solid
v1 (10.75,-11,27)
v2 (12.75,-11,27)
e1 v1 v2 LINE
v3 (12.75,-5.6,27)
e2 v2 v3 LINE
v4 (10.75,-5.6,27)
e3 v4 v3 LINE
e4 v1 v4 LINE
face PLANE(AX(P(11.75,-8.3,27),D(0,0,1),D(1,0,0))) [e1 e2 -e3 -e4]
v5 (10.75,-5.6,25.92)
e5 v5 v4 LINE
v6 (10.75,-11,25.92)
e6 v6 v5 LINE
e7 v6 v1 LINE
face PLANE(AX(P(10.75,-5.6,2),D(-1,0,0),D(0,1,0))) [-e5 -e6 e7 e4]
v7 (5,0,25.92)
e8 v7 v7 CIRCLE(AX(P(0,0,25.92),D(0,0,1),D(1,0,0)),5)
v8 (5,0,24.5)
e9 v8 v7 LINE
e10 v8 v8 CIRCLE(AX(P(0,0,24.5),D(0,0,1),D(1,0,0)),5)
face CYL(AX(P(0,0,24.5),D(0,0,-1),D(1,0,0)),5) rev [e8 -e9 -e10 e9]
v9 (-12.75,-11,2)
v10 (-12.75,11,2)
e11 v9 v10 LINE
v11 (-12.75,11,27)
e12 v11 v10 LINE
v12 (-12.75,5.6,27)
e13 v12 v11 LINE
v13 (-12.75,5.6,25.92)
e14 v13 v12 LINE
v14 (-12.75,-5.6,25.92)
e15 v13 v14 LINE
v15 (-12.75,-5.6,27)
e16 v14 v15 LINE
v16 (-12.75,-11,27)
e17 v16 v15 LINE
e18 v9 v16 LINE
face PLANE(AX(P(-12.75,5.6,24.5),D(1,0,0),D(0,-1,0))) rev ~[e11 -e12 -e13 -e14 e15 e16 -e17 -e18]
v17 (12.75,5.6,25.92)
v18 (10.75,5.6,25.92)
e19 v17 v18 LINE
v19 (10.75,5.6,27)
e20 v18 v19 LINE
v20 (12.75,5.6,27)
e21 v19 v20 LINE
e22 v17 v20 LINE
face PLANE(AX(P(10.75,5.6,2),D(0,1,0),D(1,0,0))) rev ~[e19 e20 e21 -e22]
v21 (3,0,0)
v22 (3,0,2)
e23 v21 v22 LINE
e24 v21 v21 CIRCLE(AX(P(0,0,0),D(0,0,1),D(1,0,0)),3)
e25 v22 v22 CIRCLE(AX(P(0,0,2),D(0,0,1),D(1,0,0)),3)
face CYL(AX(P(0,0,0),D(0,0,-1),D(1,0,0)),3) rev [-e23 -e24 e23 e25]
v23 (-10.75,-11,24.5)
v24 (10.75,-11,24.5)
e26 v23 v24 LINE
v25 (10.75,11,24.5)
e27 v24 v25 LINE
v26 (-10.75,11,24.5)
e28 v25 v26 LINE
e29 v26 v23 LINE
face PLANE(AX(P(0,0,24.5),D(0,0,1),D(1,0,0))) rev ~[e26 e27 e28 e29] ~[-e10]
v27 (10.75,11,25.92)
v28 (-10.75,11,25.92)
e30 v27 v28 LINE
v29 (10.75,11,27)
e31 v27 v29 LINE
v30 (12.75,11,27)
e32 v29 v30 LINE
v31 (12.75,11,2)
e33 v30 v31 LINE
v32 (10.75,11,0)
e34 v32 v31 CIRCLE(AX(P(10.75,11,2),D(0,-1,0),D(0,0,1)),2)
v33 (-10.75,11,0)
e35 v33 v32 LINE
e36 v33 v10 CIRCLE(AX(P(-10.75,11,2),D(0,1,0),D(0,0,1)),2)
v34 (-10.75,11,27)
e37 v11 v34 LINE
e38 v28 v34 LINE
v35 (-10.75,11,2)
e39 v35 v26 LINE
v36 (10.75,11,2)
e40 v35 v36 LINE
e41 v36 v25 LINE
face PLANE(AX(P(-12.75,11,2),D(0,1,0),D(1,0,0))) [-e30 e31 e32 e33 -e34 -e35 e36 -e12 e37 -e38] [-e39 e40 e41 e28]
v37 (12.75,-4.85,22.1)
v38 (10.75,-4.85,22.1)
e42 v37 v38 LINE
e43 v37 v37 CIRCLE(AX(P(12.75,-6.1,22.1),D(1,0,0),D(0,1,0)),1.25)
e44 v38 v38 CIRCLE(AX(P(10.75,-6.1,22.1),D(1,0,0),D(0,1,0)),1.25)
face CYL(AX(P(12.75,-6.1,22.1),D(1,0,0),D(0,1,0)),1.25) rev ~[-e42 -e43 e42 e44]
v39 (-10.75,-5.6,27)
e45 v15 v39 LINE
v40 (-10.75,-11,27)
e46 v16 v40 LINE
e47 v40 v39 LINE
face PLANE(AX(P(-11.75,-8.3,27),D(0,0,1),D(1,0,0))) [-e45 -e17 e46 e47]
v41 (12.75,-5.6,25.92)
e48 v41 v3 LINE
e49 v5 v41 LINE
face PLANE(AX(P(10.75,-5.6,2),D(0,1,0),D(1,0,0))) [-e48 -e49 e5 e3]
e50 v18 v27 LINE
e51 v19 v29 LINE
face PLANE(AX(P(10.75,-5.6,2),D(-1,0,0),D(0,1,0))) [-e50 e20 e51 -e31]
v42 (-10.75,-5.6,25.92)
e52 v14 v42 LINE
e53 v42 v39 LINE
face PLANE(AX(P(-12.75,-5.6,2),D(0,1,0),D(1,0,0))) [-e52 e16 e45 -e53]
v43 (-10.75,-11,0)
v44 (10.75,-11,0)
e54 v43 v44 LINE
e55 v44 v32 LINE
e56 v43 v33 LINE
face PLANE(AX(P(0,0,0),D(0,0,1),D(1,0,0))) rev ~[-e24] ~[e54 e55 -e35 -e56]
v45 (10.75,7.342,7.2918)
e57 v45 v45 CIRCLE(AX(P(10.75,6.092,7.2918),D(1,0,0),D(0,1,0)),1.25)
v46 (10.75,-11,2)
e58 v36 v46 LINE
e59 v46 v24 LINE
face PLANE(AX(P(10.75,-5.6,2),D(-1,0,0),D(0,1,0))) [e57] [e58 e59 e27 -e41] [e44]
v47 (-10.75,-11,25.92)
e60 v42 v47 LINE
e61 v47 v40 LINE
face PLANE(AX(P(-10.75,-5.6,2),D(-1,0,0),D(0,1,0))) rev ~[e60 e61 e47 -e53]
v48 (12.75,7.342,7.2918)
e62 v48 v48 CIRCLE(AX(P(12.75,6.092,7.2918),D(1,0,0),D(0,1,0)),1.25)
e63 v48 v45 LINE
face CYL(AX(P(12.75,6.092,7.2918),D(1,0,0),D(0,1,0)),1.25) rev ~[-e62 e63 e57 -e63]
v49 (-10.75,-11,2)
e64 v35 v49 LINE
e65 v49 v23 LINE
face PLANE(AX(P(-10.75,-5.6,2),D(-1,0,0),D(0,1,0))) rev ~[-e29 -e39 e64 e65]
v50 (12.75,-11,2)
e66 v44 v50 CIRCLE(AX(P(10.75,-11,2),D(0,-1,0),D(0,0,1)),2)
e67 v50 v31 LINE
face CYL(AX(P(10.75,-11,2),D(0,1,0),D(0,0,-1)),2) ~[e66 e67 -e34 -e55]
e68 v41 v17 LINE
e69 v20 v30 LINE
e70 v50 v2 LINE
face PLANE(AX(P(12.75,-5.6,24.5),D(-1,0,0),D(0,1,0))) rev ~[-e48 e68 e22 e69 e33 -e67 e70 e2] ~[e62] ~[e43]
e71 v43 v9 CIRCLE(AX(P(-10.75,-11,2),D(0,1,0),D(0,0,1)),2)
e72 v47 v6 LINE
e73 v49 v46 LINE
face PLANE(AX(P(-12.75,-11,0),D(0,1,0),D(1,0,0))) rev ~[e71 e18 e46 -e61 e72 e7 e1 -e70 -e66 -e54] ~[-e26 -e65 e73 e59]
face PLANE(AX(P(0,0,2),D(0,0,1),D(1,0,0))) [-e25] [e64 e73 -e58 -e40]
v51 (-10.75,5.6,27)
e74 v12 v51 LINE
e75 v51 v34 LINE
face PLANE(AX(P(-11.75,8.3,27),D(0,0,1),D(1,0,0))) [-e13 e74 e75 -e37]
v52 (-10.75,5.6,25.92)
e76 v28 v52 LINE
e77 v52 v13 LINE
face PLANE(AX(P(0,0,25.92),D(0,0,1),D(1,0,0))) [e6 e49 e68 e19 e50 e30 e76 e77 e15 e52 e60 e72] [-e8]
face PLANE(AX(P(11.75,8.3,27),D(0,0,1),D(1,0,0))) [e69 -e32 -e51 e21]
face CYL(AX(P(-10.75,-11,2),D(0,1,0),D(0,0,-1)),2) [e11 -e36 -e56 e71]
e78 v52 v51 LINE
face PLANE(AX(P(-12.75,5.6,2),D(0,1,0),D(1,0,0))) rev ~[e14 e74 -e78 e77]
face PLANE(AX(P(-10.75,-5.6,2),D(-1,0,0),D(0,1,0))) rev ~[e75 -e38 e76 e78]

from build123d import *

# Parameters (mm, degrees)
F0_W     = 25.5
F0_H     = 22
F0_R     = 3
F1_DEPTH = 2
F2_W     = 2
F2_H     = 5.4
F3_DEPTH = 25
F2_H_2   = 11.2
F4_DEPTH = 22.5
F5_R     = 2
F6_R     = 5
F7_DEPTH = 1.42
F8_R     = 1.25
F9_DEPTH = 2


with BuildPart() as f1:
    # F0 (on Top) → F1 (new body)
    with BuildSketch(Plane.XY):
        Rectangle(F0_W, F0_H)
        Circle(F0_R, mode=Mode.SUBTRACT)
    extrude(amount=F1_DEPTH)

    # F2 (on face) → F3 (join)
    with BuildSketch(Plane.XY.offset(2)):
        with Locations((-11.75, 8.3)):
            Rectangle(F2_W, F2_H)
        with Locations((11.75, 8.3)):
            Rectangle(F2_W, F2_H)
        with Locations((11.75, -8.3)):
            Rectangle(F2_W, F2_H)
        with Locations((-11.75, -8.3)):
            Rectangle(F2_W, F2_H)
    extrude(amount=F3_DEPTH)

    # F2 (on face) → F4 (join)
    with BuildSketch(Plane.XY.offset(2)):
        with Locations((11.75, 0)):
            Rectangle(F2_W, F2_H_2)
        with Locations((-11.75, 0)):
            Rectangle(F2_W, F2_H_2)
    extrude(amount=F4_DEPTH)

    # F5
    f5_edges = [f1.edges().sort_by_distance(p)[0] for p in [
        (12.75, 0, 0),
        (-12.75, 0, 0),
    ]]
    fillet(f5_edges, radius=F5_R)

    # F6 (on face) → F7 (join)
    with BuildSketch(Plane.XY.offset(24.5)):
        Polygon((10.75, -5.6), (12.75, -5.6), (12.75, 5.6), (10.75, 5.6), (10.75, 11), (-10.75, 11), (-10.75, 5.6), (-12.75, 5.6), (-12.75, -5.6), (-10.75, -5.6), (-10.75, -11), (10.75, -11), align=None)
        Circle(F6_R, mode=Mode.SUBTRACT)
    extrude(amount=F7_DEPTH)

    # F8 (on face) → F9 (cut, through all)
    with BuildSketch(Plane.YZ.offset(12.75)):
        with Locations((-6.1, 22.1)):
            Circle(F8_R)
        with Locations((6.092, 7.2918)):
            Circle(F8_R)
    extrude(amount=-F9_DEPTH, mode=Mode.SUBTRACT)


solid = f1.part
